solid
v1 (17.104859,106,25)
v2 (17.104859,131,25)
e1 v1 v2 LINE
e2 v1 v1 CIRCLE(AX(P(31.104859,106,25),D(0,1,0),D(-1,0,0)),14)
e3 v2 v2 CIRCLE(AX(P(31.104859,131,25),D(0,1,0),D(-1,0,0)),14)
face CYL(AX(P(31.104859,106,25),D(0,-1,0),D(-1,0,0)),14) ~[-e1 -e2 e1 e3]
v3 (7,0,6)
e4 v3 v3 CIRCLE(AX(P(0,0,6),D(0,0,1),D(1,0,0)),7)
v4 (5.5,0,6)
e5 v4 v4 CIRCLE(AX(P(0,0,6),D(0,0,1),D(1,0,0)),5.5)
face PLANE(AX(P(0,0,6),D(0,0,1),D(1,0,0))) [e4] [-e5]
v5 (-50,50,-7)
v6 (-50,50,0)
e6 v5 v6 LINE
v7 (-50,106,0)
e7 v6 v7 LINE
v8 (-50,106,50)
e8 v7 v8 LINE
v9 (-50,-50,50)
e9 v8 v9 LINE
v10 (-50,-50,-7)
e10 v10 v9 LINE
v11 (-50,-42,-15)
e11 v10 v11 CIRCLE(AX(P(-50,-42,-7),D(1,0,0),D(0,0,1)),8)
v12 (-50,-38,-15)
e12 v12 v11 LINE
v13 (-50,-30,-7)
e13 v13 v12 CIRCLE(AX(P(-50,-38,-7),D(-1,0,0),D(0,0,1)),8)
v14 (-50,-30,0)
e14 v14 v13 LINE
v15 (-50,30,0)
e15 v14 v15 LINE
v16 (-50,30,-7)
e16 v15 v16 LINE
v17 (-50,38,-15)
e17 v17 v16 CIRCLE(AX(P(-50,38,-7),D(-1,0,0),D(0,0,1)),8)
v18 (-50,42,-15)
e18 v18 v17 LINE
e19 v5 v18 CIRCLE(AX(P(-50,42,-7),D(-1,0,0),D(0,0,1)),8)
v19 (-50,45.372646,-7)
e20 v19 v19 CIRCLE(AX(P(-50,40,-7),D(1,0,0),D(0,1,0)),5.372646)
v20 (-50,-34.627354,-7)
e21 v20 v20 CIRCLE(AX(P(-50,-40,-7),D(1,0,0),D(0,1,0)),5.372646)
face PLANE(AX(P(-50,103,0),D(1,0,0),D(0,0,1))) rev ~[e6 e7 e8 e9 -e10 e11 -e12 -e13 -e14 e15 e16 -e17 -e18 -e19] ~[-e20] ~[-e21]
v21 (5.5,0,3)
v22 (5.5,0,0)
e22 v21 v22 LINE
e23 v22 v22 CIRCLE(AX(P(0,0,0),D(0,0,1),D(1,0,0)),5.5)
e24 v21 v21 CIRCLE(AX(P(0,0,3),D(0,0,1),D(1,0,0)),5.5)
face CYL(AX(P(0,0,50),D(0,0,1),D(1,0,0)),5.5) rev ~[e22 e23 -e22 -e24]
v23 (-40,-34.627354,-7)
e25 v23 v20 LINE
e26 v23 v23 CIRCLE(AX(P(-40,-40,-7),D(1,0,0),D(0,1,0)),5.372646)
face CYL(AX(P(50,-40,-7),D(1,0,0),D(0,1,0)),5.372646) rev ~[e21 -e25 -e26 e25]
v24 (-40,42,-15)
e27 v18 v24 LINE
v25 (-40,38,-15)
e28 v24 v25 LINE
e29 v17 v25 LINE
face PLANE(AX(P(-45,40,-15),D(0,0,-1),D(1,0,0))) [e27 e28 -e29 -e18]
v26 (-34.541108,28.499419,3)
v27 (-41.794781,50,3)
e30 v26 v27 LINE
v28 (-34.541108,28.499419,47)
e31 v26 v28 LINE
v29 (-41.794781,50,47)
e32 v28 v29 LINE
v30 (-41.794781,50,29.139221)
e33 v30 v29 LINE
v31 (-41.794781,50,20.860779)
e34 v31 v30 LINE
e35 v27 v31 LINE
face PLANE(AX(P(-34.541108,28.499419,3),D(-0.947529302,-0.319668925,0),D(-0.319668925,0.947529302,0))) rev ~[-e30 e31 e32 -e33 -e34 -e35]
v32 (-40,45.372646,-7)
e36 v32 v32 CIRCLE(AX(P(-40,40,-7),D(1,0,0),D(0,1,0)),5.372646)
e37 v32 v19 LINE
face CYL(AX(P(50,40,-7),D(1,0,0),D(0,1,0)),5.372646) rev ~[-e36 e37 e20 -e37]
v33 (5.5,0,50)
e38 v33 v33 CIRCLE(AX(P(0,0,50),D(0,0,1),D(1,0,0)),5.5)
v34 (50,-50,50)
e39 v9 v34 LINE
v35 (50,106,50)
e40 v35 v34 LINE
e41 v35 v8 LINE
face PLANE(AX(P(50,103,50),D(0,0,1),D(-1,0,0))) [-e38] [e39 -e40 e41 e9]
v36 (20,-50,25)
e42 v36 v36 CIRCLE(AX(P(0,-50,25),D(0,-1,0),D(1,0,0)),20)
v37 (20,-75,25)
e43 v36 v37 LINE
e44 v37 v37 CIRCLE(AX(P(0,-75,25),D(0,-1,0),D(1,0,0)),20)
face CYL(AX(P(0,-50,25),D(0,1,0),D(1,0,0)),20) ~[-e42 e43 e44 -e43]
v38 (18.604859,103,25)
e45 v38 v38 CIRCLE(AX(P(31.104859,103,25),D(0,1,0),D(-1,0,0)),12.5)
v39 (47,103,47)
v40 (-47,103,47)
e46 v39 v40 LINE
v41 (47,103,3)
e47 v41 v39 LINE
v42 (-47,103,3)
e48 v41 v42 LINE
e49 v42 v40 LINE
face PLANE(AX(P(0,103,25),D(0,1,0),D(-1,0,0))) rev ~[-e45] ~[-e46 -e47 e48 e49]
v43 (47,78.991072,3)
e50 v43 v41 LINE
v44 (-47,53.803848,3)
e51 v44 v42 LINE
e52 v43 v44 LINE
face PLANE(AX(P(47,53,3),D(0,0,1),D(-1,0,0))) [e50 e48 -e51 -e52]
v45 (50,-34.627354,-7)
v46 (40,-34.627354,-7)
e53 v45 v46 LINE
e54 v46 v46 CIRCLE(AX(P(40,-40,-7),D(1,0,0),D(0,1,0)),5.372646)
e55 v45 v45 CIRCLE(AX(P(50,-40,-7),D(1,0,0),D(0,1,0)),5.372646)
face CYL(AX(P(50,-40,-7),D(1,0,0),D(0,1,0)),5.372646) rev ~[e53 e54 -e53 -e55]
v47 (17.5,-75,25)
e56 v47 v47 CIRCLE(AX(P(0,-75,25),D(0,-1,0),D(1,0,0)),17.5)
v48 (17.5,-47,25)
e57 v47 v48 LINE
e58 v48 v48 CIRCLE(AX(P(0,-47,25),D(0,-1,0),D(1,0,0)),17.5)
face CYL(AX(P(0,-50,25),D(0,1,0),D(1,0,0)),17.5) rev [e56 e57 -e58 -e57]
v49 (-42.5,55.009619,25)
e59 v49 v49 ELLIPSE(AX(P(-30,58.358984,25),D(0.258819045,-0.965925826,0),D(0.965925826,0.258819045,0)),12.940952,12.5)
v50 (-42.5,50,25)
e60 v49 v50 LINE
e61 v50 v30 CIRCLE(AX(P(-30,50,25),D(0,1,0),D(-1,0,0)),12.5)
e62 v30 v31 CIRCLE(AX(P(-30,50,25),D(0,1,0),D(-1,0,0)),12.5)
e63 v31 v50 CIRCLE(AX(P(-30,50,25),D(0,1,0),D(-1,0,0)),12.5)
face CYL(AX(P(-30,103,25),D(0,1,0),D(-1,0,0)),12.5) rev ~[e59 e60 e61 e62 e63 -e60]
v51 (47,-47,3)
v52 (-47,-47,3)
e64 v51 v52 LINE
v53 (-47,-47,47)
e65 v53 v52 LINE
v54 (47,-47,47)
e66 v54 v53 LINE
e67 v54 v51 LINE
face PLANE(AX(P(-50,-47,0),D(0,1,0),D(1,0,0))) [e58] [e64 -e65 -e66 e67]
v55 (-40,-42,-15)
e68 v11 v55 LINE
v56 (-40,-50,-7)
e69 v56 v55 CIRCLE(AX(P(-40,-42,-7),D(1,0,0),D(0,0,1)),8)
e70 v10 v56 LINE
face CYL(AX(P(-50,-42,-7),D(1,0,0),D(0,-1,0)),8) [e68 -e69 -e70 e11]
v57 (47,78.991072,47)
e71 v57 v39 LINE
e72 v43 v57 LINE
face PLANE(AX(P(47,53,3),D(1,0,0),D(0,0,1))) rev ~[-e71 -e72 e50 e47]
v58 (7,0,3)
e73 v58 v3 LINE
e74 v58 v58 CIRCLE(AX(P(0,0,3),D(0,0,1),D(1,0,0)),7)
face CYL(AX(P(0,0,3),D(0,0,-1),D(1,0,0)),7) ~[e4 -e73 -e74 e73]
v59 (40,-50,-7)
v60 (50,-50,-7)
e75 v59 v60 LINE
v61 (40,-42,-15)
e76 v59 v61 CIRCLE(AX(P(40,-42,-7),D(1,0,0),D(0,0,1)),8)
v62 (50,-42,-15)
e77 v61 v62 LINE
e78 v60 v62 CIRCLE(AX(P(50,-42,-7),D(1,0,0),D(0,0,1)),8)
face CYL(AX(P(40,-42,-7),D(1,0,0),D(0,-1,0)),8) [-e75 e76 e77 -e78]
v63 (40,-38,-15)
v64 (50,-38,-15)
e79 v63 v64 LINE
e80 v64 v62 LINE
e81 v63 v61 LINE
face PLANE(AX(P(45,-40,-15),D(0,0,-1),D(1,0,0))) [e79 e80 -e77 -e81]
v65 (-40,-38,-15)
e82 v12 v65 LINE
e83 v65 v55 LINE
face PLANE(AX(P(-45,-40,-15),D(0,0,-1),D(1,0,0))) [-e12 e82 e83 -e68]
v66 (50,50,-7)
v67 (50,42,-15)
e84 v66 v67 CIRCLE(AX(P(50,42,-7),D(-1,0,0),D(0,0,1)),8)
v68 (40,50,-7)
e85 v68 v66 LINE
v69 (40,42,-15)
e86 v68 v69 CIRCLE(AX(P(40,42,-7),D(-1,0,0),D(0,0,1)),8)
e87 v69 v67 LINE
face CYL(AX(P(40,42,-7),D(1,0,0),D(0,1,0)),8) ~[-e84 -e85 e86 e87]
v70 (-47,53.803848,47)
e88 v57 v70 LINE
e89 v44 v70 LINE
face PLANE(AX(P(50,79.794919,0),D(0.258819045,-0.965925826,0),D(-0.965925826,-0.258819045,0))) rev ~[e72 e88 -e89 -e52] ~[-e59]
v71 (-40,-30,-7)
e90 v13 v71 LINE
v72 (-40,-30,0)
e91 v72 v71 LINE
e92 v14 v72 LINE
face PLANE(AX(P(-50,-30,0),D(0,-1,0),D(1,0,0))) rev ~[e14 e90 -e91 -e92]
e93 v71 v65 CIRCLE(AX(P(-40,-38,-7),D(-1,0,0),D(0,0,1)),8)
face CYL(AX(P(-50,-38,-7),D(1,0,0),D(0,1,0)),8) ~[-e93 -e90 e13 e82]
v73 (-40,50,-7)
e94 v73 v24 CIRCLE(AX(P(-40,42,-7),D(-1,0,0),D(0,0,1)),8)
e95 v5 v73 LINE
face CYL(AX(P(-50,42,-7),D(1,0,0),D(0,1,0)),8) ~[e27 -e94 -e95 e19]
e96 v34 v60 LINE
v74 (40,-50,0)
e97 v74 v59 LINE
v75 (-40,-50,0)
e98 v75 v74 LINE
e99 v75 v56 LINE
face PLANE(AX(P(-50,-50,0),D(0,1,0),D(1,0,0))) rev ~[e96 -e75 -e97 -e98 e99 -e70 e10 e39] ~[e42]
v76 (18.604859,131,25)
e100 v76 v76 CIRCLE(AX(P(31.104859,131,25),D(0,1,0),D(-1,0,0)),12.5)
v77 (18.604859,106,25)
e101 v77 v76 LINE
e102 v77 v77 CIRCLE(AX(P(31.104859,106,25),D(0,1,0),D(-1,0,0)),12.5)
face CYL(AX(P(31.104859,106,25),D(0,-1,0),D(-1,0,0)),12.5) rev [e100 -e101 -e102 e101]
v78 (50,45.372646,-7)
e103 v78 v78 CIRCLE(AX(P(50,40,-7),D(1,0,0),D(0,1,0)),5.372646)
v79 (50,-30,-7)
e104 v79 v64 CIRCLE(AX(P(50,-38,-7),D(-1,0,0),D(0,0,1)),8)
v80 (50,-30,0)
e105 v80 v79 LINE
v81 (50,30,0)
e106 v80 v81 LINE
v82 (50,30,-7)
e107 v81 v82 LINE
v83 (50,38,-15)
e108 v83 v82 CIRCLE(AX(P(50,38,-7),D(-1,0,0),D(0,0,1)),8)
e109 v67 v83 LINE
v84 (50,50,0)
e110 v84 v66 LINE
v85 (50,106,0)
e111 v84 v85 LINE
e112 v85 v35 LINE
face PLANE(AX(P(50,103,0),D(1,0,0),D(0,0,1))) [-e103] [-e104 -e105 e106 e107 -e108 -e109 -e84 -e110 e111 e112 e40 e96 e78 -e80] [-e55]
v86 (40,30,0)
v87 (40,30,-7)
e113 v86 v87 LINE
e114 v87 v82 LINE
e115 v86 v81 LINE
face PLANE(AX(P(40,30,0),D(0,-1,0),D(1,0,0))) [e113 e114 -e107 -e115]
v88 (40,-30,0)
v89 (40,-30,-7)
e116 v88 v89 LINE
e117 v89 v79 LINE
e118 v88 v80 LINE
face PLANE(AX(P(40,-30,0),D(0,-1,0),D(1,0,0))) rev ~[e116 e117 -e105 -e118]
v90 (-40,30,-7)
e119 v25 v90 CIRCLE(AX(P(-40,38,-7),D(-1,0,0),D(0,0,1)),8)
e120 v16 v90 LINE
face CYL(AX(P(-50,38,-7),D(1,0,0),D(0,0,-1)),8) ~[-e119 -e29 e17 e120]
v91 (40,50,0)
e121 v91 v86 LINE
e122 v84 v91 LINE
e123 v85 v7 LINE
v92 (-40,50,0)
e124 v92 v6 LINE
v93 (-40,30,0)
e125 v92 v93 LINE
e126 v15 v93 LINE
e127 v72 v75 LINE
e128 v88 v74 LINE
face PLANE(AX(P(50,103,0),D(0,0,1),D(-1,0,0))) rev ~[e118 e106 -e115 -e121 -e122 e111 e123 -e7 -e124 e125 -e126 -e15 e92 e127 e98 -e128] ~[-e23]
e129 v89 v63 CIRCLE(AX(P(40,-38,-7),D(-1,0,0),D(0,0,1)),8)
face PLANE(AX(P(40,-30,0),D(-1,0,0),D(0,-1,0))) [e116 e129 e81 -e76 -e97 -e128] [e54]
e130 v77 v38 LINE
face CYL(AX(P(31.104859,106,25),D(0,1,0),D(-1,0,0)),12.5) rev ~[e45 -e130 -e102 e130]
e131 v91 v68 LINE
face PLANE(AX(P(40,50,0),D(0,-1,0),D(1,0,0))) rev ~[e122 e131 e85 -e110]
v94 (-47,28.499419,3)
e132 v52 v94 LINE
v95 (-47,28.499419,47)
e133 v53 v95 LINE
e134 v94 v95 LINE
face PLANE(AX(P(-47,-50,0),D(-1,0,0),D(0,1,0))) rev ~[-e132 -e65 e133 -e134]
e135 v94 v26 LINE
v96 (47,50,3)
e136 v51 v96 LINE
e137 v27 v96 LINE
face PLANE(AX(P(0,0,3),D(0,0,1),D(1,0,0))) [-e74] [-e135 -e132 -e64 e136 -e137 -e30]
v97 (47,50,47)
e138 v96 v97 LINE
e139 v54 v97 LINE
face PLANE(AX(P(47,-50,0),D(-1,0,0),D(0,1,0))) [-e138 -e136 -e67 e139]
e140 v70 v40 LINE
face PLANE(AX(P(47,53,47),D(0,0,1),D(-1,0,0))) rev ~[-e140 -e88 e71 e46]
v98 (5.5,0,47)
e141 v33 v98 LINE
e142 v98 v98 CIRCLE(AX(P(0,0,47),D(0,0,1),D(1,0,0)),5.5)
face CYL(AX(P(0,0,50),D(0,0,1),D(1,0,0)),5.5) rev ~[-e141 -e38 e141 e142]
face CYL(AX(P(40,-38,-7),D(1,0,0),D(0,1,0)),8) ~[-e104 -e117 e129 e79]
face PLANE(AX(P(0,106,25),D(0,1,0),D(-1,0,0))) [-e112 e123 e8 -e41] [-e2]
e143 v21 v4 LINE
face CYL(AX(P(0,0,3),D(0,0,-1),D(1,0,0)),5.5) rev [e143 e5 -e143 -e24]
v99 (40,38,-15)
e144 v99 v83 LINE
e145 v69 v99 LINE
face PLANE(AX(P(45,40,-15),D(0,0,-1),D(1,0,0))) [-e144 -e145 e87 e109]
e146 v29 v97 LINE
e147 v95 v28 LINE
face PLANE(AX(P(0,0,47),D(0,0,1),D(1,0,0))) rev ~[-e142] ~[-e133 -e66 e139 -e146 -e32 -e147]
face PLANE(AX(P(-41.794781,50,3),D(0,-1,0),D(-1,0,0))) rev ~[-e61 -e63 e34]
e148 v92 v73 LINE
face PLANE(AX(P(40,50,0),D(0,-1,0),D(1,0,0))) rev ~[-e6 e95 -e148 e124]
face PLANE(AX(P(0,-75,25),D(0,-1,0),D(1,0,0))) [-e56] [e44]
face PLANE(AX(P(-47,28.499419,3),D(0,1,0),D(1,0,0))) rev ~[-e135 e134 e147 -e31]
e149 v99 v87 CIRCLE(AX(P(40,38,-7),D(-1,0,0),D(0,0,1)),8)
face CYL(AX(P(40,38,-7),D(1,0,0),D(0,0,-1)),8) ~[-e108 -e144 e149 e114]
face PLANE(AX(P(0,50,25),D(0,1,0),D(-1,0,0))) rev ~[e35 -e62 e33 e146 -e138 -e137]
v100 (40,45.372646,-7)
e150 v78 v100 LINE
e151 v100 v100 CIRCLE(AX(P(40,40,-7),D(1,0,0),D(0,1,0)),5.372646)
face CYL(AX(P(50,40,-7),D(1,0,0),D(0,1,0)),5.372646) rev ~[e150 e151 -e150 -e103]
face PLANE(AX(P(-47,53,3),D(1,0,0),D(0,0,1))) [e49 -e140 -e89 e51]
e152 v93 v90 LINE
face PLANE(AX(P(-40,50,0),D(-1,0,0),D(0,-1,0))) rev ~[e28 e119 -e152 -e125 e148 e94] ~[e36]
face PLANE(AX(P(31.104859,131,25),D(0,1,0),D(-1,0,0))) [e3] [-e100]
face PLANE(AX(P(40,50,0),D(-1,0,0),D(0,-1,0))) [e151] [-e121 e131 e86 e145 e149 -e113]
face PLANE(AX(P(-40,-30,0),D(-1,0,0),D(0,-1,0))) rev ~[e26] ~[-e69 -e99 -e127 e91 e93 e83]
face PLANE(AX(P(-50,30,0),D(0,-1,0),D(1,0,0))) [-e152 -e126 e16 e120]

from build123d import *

# Parameters (mm, degrees)
F0_W      = 100
F0_H      = 100
F1_DEPTH  = 50
F2_T      = -3
F3_R      = 5.5
F4_DEPTH  = 50
F5_R      = 20
F5_R_2    = 17.5
F6_DEPTH  = 25
F7_DEPTH  = 3
F8_W      = 10
F8_H      = 20
F9_DEPTH  = 15
F10_R     = 5.3726460022
F11_DEPTH = 100
F12_R     = 8
F13_R     = 7
F13_R_2   = 5.5
F14_DEPTH = 3
F15_W     = 100
F15_H     = 50
F16_DEPTH = 3
F18_DEPTH = 50
F20_W     = 100
F20_H     = 50
F20_W_2   = 94
F20_H_2   = 44
F21_DEPTH = 50
F22_R     = 12.5
F23_DEPTH = 53
F24_W     = 100
F24_H     = 50
F25_DEPTH = 3
F26_R     = 14
F26_R_2   = 12.5
F27_DEPTH = 25
F28_DEPTH = 3
F30_DEPTH = 44


with BuildPart() as f1:
    # F0 (on Top) → F1 (new body)
    with BuildSketch(Plane.XY):
        Rectangle(F0_W, F0_H)
    extrude(amount=F1_DEPTH)

    # F2
    f2_openings = [f1.faces().sort_by_distance(p)[0] for p in [
        (0, 50, 25),
    ]]
    offset(amount=F2_T, openings=f2_openings)

    # F3 (on face) → F4 (cut, through all)
    with BuildSketch(Plane.XY.offset(50)):
        Circle(F3_R)
    extrude(amount=-F4_DEPTH, mode=Mode.SUBTRACT)

    # F5 (on face) → F6 (join)
    with BuildSketch(Plane.XZ.offset(50)):
        with Locations((0, 25)):
            Circle(F5_R)
        with Locations((0, 25)):
            Circle(F5_R_2, mode=Mode.SUBTRACT)
    extrude(amount=F6_DEPTH)

    # F5 (on face) → F7 (cut, through all)
    with BuildSketch(Plane.XZ.offset(50)):
        with Locations((0, 25)):
            Circle(F5_R_2)
    extrude(amount=-F7_DEPTH, mode=Mode.SUBTRACT)

    # F8 (on face) → F9 (join)
    with BuildSketch(Plane(origin=(0, 0, 0), x_dir=(1, 0, 0), z_dir=(0, 0, -1))):
        with Locations((45, -40)):
            Rectangle(F8_W, F8_H)
        with Locations((-45, -40)):
            Rectangle(F8_W, F8_H)
        with Locations((-45, 40)):
            Rectangle(F8_W, F8_H)
        with Locations((45, 40)):
            Rectangle(F8_W, F8_H)
    extrude(amount=F9_DEPTH)

    # F10 (on face) → F11 (cut, through all)
    with BuildSketch(Plane.YZ.offset(50)):
        with Locations((40, -7)):
            Circle(F10_R)
        with Locations((-40, -7)):
            Circle(F10_R)
    extrude(amount=-F11_DEPTH, mode=Mode.SUBTRACT)

    # F12
    f12_edges = [f1.edges().sort_by_distance(p)[0] for p in [
        (45, 30, -15),
        (45, 50, -15),
        (-45, 50, -15),
        (-45, 30, -15),
        (45, -50, -15),
        (45, -30, -15),
        (-45, -50, -15),
        (-45, -30, -15),
    ]]
    fillet(f12_edges, radius=F12_R)

    # F13 (on face) → F14 (join)
    with BuildSketch(Plane.XY.offset(3)):
        Circle(F13_R)
        Circle(F13_R_2, mode=Mode.SUBTRACT)
    extrude(amount=F14_DEPTH)

    # F15 (on face) → F16 (join)
    with BuildSketch(Plane(origin=(0, 50, 0), x_dir=(-1, 0, 0), z_dir=(0, 1, 0))):
        with Locations((0, 25)):
            Rectangle(F15_W, F15_H)
    extrude(amount=F16_DEPTH)

    # F17 (on Top) → F18 (join, through all)
    with BuildSketch(Plane.XY):
        Polygon((-50, 53), (50, 53), (50, 79.7949192431), align=None)
    extrude(amount=F18_DEPTH)

    # F20 (on face) → F21 (join)
    with BuildSketch(Plane(origin=(0, 53, 0), x_dir=(-1, 0, 0), z_dir=(0, 1, 0))):
        with Locations((0, 25)):
            Rectangle(F20_W, F20_H)
        with Locations((0, 25)):
            Rectangle(F20_W_2, F20_H_2, mode=Mode.SUBTRACT)
    extrude(amount=F21_DEPTH)

    # F22 (on face) → F23 (cut, through all)
    with BuildSketch(Plane(origin=(0, 103, 0), x_dir=(-1, 0, 0), z_dir=(0, 1, 0))):
        with Locations((30, 25)):
            Circle(F22_R)
    extrude(amount=-F23_DEPTH, mode=Mode.SUBTRACT)

    # F24 (on face) → F25 (join)
    with BuildSketch(Plane(origin=(0, 103, 0), x_dir=(-1, 0, 0), z_dir=(0, 1, 0))):
        with Locations((0, 25)):
            Rectangle(F24_W, F24_H)
    extrude(amount=F25_DEPTH)

    # F26 (on face) → F27 (join)
    with BuildSketch(Plane(origin=(0, 106, 0), x_dir=(-1, 0, 0), z_dir=(0, 1, 0))):
        with Locations((-31.1048589647, 25)):
            Circle(F26_R)
        with Locations((-31.1048589647, 25)):
            Circle(F26_R_2, mode=Mode.SUBTRACT)
    extrude(amount=F27_DEPTH)

    # F28 (cut, through all): a face of the model
    f28_faces = [f1.faces().sort_by_distance(p)[0] for p in [
        (31.1048589647, 106, 25),
    ]]
    extrude(f28_faces, amount=-F28_DEPTH, mode=Mode.SUBTRACT)

    # F29 (on face) → F30 (join, through all)
    with BuildSketch(Plane.XY.offset(3)):
        Polygon((-34.5411077142, 28.4994188696), (-41.7947806418, 50), (-47, 50), (-47, 28.4994188696), align=None)
    extrude(amount=F30_DEPTH)


solid = f1.part
